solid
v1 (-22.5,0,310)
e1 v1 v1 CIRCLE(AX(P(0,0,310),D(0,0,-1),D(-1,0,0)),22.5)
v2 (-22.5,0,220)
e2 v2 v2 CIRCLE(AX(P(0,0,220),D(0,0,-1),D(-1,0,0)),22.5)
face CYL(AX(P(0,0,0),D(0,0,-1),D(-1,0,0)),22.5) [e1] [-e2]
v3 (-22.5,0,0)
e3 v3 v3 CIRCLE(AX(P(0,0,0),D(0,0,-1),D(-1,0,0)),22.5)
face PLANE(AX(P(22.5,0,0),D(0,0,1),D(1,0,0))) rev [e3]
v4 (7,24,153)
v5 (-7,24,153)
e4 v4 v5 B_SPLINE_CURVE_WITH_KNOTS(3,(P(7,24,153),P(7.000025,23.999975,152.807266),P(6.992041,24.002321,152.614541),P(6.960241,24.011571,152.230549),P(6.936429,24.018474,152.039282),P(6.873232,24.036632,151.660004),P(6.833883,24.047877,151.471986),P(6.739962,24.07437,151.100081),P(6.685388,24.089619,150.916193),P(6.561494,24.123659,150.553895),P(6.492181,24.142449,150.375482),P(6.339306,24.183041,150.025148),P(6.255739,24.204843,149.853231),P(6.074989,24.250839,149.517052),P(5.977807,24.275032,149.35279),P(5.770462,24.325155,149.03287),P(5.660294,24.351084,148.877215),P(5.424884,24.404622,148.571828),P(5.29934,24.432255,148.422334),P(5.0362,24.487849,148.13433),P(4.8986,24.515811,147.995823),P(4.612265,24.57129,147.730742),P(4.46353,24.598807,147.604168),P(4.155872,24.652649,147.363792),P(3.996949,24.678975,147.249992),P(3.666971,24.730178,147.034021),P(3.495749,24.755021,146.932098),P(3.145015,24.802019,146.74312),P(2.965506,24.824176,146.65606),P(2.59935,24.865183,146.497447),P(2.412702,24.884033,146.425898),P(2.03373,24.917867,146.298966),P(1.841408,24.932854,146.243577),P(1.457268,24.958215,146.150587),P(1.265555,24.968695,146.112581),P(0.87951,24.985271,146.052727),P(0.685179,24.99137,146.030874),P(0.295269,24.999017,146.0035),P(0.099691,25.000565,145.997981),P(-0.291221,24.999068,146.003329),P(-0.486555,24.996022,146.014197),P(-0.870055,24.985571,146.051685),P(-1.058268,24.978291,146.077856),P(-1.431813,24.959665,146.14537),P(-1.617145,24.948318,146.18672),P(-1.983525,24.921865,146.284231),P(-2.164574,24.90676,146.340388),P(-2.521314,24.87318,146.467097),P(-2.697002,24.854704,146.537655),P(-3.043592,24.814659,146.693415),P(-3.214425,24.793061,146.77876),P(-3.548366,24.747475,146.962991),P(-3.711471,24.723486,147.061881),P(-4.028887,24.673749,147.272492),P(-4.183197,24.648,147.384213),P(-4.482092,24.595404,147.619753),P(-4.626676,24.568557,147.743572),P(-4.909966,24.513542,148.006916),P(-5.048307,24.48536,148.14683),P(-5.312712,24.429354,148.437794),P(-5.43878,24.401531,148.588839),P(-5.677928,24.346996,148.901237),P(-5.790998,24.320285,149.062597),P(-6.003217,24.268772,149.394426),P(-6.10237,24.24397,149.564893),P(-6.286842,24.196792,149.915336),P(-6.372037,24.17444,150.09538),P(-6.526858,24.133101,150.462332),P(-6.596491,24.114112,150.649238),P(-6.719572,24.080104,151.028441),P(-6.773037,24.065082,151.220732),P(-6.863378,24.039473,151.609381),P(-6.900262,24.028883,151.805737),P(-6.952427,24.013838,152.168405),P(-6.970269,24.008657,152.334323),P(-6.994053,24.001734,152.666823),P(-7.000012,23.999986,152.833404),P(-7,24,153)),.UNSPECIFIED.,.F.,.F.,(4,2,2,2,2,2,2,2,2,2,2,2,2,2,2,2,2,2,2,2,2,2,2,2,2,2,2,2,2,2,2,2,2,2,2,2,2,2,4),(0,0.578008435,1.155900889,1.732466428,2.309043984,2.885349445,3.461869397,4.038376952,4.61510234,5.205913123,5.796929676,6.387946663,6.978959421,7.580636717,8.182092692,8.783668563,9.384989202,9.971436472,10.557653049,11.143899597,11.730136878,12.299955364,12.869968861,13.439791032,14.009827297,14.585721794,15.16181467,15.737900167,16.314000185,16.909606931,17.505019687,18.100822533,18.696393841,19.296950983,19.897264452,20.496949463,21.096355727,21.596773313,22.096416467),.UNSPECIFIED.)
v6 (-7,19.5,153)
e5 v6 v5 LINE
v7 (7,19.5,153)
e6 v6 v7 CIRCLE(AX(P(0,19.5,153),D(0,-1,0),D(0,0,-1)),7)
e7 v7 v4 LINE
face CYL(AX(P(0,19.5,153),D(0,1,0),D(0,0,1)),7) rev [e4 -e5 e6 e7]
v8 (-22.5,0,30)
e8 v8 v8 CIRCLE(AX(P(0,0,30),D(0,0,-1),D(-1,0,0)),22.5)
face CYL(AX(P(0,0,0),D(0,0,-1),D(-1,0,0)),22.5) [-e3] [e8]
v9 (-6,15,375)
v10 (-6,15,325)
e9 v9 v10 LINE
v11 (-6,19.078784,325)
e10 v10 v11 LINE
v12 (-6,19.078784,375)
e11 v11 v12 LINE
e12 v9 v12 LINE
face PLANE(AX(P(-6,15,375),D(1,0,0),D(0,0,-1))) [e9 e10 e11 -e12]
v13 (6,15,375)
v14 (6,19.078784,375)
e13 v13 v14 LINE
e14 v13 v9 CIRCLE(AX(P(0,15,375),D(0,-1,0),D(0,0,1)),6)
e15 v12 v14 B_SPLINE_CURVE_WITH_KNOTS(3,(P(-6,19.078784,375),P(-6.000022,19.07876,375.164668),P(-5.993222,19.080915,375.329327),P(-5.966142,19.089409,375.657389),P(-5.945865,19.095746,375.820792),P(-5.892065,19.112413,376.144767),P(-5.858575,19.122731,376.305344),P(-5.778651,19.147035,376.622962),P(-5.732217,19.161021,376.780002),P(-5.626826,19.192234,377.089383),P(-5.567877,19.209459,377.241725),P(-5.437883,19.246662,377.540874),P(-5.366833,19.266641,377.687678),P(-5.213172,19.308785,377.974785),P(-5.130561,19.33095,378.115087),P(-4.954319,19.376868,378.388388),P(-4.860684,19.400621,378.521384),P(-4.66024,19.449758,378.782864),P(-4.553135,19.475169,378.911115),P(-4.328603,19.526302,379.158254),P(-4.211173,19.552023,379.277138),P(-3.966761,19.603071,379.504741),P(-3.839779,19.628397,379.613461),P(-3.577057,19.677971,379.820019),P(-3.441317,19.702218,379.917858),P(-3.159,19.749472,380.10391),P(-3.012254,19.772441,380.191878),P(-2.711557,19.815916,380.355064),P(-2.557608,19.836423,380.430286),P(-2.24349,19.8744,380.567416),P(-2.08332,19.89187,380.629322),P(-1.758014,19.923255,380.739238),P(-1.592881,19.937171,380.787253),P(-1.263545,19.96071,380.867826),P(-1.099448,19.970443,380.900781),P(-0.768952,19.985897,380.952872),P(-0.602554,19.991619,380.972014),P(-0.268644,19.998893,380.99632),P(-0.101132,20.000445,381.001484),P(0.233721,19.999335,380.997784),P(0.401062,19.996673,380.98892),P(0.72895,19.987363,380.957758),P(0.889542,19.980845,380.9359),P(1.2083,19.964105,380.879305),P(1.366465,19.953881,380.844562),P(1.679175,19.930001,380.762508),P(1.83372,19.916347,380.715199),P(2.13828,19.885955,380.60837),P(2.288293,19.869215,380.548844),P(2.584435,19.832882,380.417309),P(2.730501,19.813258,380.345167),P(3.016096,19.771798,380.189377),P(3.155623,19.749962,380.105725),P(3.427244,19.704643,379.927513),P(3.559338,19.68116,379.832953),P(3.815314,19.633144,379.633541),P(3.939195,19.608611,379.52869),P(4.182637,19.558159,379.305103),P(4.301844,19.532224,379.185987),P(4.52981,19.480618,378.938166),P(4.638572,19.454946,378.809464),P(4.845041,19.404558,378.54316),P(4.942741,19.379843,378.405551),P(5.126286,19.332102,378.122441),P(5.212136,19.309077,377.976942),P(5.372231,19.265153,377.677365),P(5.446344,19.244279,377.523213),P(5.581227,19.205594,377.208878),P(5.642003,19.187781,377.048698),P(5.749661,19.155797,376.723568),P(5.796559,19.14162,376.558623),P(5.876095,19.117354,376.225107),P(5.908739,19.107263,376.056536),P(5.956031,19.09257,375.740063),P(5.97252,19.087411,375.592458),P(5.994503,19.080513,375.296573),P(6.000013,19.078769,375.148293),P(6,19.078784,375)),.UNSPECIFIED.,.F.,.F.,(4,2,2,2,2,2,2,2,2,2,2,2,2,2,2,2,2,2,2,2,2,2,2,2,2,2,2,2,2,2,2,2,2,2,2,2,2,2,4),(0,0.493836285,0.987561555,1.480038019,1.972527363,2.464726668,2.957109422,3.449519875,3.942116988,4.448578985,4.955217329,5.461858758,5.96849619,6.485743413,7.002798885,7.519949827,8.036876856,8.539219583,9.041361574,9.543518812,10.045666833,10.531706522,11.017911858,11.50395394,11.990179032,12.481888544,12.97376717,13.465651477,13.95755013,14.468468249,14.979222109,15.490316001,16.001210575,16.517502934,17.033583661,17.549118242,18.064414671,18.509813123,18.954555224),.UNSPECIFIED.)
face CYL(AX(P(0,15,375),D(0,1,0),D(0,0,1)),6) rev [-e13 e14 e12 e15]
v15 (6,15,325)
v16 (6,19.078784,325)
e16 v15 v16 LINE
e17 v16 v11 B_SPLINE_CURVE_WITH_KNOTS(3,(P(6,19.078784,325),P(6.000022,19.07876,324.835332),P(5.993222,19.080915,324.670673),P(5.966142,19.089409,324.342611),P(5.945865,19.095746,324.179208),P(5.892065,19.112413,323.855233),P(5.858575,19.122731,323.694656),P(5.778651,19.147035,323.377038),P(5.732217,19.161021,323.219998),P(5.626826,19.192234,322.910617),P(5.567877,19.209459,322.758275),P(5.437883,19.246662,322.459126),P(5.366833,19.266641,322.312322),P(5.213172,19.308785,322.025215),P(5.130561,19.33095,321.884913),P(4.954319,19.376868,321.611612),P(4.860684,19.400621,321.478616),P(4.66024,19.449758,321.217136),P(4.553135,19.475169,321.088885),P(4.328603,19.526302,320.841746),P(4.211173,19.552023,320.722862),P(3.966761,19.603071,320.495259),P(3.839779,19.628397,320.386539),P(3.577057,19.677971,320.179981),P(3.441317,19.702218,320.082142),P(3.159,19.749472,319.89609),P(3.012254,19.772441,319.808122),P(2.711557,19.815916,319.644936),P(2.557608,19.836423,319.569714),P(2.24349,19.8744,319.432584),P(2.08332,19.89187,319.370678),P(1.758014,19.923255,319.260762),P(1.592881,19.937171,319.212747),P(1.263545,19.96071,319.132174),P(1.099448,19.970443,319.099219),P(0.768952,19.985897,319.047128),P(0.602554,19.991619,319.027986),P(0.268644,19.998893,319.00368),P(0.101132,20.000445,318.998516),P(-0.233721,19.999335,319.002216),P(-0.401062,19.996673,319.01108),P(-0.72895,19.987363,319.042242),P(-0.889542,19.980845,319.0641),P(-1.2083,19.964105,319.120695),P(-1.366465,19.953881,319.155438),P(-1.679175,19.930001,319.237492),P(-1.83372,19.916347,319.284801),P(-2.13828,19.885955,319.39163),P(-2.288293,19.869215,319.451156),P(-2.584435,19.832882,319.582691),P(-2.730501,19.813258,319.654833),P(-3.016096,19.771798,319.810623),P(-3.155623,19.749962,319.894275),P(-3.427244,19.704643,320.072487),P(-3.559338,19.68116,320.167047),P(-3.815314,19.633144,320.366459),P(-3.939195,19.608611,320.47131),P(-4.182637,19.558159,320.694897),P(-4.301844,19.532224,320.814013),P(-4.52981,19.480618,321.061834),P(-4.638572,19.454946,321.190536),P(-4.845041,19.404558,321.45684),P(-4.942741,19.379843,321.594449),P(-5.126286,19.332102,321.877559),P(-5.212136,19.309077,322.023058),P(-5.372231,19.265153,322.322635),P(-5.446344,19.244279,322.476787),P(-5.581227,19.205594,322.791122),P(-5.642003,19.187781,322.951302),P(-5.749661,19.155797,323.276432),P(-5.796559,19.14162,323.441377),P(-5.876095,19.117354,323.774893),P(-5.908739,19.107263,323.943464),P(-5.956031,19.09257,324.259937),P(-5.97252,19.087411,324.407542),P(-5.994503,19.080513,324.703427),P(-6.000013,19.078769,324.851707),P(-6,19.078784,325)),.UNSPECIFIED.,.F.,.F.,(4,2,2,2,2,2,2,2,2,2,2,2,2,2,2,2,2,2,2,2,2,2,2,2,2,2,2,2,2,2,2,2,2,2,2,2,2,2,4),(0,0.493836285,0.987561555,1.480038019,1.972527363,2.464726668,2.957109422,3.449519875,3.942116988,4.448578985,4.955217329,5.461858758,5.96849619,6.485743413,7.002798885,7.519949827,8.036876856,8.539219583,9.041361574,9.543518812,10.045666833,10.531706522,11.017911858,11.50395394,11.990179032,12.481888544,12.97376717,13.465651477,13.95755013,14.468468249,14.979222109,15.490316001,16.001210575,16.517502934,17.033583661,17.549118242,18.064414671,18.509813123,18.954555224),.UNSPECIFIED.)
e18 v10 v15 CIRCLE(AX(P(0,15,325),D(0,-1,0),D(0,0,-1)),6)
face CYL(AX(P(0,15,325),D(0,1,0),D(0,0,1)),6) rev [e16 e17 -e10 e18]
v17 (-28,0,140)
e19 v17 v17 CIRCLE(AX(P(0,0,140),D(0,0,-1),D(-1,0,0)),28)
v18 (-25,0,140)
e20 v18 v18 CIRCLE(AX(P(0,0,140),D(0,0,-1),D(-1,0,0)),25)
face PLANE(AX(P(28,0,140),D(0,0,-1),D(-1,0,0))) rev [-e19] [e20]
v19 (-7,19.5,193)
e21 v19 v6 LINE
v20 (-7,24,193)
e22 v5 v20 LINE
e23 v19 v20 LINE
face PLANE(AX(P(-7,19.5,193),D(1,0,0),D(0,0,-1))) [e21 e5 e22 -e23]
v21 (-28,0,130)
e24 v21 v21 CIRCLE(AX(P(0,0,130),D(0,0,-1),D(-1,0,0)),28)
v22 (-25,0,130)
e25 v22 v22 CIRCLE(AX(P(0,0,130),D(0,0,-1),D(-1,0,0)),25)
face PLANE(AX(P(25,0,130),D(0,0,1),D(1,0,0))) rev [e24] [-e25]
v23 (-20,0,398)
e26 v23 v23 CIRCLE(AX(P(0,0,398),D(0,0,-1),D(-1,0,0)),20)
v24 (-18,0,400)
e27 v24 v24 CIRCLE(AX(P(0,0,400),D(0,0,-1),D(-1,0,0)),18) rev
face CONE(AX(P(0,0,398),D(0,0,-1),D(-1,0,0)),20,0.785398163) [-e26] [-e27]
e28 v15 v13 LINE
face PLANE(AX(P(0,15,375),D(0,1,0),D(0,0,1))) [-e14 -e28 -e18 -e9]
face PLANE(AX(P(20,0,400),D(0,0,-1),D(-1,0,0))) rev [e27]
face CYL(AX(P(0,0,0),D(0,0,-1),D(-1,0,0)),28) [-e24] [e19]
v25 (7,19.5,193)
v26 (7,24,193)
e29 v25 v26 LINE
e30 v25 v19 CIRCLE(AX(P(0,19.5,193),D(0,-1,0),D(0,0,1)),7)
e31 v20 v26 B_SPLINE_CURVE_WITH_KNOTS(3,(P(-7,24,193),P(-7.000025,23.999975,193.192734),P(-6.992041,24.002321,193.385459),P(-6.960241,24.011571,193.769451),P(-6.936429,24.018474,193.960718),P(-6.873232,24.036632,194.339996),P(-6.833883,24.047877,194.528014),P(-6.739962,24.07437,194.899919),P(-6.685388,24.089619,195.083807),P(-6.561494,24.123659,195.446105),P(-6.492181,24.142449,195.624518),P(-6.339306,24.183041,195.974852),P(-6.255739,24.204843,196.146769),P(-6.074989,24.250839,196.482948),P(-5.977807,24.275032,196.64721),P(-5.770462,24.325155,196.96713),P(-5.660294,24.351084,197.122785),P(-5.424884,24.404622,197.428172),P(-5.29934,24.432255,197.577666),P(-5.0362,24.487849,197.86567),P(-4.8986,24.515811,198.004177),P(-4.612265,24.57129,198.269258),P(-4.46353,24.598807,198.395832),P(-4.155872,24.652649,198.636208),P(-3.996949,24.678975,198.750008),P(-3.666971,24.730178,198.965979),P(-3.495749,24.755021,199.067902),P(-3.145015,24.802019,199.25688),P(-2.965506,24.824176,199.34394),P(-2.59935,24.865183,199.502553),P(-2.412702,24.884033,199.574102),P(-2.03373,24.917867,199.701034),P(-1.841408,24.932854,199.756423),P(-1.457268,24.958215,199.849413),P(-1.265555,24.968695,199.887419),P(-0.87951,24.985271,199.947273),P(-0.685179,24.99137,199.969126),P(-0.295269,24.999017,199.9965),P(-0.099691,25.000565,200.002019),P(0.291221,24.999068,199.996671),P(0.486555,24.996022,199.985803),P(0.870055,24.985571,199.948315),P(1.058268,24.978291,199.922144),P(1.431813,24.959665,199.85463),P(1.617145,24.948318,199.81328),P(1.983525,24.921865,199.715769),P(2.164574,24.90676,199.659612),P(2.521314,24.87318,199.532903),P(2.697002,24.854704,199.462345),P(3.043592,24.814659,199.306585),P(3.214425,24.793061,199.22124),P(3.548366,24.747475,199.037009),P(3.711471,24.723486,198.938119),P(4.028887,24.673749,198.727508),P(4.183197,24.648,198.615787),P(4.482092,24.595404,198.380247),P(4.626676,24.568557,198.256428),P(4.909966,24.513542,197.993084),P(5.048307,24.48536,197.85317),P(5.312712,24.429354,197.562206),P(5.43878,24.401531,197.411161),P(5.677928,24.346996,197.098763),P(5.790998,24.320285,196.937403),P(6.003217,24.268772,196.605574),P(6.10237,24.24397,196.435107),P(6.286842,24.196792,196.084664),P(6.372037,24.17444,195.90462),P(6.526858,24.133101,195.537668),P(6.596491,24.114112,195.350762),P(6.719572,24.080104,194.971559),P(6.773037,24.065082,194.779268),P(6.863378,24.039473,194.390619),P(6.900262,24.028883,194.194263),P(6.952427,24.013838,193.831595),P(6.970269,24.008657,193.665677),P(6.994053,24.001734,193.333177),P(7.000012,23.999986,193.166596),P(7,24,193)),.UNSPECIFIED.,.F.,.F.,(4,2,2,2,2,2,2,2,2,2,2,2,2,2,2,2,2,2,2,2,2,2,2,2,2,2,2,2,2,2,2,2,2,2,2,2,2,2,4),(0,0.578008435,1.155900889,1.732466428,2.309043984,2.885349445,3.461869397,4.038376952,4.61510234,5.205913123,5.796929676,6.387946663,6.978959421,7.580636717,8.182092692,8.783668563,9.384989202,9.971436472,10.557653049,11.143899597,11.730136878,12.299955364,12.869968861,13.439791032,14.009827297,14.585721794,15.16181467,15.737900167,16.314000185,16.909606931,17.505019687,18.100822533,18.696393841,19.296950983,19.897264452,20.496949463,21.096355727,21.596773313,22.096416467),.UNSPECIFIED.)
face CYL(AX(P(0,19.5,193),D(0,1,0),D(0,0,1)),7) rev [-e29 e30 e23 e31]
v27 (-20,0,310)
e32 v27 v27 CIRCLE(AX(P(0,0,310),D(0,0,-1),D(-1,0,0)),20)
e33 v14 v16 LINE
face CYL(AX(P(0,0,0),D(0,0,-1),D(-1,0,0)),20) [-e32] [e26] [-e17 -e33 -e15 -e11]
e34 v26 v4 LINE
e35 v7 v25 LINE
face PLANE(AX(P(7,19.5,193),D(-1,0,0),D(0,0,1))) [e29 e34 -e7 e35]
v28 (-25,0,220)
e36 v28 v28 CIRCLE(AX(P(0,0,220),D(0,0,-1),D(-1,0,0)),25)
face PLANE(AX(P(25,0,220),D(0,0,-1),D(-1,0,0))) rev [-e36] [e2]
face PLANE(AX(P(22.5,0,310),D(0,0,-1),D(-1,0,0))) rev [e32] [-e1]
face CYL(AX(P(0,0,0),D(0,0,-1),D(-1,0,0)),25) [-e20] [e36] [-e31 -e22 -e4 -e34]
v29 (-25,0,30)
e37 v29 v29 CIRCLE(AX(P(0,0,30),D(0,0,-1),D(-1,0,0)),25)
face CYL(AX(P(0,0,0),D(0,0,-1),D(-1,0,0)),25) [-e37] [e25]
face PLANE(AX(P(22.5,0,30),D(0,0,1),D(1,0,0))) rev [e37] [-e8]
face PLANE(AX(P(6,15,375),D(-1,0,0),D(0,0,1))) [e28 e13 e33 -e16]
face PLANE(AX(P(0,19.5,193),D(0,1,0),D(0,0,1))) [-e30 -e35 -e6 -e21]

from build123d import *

# Parameters (mm, degrees)
CUT_EXTRUDE1_DEPTH  = 5
CUT_EXTRUDE12_DEPTH = 5.5
CHAMFER1_SIZE       = 2


with BuildPart() as part:
    # Sketch1 → Revolve1 (revolve)
    with BuildSketch(Plane(origin=(0, 0, 0), x_dir=(1, 0, 0), z_dir=(0, 1, 0)), mode=Mode.PRIVATE) as revolve1_sk:
        Polygon((0, 0), (0, -400), (20, -400), (20, -310), (22.5, -310), (22.5, -220), (25, -220), (25, -140), (28, -140), (28, -130), (25, -130), (25, -30), (22.5, -30), (22.5, 0), align=None)
    revolve(revolve1_sk.sketch.rotate(Axis((0, 0, 0), (0, 0, 1)), 180), axis=Axis((0, 0, 0), (0, 0, 1)))

    # Sketch3 → Cut-Extrude1 (cut)
    with BuildSketch(Plane(origin=(0, 20, 400), x_dir=(0, 0, 1), z_dir=(0, -1, 0))):
        with BuildLine():
            Line((-25, 6), (-75, 6))
            ThreePointArc((-75, 6), (-81, 0), (-75, -6))
            Line((-75, -6), (-25, -6))
            ThreePointArc((-25, -6), (-19, 0), (-25, 6))
        make_face()
    extrude(amount=CUT_EXTRUDE1_DEPTH, mode=Mode.SUBTRACT)

    # Sketch32 → Cut-Extrude12 (cut)
    with BuildSketch(Plane(origin=(0, 25, 220), x_dir=(0, 0, 1), z_dir=(0, -1, 0))):
        with BuildLine():
            Line((-27, 7), (-67, 7))
            ThreePointArc((-67, 7), (-74, 0), (-67, -7))
            Line((-67, -7), (-27, -7))
            ThreePointArc((-27, -7), (-20, 0), (-27, 7))
        make_face()
    extrude(amount=CUT_EXTRUDE12_DEPTH, mode=Mode.SUBTRACT)

    # Chamfer1
    chamfer1_edges = [part.edges().sort_by_distance(p)[0] for p in [
        (20, 0, 400),
    ]]
    chamfer(chamfer1_edges, length=CHAMFER1_SIZE)


solid = part.part
